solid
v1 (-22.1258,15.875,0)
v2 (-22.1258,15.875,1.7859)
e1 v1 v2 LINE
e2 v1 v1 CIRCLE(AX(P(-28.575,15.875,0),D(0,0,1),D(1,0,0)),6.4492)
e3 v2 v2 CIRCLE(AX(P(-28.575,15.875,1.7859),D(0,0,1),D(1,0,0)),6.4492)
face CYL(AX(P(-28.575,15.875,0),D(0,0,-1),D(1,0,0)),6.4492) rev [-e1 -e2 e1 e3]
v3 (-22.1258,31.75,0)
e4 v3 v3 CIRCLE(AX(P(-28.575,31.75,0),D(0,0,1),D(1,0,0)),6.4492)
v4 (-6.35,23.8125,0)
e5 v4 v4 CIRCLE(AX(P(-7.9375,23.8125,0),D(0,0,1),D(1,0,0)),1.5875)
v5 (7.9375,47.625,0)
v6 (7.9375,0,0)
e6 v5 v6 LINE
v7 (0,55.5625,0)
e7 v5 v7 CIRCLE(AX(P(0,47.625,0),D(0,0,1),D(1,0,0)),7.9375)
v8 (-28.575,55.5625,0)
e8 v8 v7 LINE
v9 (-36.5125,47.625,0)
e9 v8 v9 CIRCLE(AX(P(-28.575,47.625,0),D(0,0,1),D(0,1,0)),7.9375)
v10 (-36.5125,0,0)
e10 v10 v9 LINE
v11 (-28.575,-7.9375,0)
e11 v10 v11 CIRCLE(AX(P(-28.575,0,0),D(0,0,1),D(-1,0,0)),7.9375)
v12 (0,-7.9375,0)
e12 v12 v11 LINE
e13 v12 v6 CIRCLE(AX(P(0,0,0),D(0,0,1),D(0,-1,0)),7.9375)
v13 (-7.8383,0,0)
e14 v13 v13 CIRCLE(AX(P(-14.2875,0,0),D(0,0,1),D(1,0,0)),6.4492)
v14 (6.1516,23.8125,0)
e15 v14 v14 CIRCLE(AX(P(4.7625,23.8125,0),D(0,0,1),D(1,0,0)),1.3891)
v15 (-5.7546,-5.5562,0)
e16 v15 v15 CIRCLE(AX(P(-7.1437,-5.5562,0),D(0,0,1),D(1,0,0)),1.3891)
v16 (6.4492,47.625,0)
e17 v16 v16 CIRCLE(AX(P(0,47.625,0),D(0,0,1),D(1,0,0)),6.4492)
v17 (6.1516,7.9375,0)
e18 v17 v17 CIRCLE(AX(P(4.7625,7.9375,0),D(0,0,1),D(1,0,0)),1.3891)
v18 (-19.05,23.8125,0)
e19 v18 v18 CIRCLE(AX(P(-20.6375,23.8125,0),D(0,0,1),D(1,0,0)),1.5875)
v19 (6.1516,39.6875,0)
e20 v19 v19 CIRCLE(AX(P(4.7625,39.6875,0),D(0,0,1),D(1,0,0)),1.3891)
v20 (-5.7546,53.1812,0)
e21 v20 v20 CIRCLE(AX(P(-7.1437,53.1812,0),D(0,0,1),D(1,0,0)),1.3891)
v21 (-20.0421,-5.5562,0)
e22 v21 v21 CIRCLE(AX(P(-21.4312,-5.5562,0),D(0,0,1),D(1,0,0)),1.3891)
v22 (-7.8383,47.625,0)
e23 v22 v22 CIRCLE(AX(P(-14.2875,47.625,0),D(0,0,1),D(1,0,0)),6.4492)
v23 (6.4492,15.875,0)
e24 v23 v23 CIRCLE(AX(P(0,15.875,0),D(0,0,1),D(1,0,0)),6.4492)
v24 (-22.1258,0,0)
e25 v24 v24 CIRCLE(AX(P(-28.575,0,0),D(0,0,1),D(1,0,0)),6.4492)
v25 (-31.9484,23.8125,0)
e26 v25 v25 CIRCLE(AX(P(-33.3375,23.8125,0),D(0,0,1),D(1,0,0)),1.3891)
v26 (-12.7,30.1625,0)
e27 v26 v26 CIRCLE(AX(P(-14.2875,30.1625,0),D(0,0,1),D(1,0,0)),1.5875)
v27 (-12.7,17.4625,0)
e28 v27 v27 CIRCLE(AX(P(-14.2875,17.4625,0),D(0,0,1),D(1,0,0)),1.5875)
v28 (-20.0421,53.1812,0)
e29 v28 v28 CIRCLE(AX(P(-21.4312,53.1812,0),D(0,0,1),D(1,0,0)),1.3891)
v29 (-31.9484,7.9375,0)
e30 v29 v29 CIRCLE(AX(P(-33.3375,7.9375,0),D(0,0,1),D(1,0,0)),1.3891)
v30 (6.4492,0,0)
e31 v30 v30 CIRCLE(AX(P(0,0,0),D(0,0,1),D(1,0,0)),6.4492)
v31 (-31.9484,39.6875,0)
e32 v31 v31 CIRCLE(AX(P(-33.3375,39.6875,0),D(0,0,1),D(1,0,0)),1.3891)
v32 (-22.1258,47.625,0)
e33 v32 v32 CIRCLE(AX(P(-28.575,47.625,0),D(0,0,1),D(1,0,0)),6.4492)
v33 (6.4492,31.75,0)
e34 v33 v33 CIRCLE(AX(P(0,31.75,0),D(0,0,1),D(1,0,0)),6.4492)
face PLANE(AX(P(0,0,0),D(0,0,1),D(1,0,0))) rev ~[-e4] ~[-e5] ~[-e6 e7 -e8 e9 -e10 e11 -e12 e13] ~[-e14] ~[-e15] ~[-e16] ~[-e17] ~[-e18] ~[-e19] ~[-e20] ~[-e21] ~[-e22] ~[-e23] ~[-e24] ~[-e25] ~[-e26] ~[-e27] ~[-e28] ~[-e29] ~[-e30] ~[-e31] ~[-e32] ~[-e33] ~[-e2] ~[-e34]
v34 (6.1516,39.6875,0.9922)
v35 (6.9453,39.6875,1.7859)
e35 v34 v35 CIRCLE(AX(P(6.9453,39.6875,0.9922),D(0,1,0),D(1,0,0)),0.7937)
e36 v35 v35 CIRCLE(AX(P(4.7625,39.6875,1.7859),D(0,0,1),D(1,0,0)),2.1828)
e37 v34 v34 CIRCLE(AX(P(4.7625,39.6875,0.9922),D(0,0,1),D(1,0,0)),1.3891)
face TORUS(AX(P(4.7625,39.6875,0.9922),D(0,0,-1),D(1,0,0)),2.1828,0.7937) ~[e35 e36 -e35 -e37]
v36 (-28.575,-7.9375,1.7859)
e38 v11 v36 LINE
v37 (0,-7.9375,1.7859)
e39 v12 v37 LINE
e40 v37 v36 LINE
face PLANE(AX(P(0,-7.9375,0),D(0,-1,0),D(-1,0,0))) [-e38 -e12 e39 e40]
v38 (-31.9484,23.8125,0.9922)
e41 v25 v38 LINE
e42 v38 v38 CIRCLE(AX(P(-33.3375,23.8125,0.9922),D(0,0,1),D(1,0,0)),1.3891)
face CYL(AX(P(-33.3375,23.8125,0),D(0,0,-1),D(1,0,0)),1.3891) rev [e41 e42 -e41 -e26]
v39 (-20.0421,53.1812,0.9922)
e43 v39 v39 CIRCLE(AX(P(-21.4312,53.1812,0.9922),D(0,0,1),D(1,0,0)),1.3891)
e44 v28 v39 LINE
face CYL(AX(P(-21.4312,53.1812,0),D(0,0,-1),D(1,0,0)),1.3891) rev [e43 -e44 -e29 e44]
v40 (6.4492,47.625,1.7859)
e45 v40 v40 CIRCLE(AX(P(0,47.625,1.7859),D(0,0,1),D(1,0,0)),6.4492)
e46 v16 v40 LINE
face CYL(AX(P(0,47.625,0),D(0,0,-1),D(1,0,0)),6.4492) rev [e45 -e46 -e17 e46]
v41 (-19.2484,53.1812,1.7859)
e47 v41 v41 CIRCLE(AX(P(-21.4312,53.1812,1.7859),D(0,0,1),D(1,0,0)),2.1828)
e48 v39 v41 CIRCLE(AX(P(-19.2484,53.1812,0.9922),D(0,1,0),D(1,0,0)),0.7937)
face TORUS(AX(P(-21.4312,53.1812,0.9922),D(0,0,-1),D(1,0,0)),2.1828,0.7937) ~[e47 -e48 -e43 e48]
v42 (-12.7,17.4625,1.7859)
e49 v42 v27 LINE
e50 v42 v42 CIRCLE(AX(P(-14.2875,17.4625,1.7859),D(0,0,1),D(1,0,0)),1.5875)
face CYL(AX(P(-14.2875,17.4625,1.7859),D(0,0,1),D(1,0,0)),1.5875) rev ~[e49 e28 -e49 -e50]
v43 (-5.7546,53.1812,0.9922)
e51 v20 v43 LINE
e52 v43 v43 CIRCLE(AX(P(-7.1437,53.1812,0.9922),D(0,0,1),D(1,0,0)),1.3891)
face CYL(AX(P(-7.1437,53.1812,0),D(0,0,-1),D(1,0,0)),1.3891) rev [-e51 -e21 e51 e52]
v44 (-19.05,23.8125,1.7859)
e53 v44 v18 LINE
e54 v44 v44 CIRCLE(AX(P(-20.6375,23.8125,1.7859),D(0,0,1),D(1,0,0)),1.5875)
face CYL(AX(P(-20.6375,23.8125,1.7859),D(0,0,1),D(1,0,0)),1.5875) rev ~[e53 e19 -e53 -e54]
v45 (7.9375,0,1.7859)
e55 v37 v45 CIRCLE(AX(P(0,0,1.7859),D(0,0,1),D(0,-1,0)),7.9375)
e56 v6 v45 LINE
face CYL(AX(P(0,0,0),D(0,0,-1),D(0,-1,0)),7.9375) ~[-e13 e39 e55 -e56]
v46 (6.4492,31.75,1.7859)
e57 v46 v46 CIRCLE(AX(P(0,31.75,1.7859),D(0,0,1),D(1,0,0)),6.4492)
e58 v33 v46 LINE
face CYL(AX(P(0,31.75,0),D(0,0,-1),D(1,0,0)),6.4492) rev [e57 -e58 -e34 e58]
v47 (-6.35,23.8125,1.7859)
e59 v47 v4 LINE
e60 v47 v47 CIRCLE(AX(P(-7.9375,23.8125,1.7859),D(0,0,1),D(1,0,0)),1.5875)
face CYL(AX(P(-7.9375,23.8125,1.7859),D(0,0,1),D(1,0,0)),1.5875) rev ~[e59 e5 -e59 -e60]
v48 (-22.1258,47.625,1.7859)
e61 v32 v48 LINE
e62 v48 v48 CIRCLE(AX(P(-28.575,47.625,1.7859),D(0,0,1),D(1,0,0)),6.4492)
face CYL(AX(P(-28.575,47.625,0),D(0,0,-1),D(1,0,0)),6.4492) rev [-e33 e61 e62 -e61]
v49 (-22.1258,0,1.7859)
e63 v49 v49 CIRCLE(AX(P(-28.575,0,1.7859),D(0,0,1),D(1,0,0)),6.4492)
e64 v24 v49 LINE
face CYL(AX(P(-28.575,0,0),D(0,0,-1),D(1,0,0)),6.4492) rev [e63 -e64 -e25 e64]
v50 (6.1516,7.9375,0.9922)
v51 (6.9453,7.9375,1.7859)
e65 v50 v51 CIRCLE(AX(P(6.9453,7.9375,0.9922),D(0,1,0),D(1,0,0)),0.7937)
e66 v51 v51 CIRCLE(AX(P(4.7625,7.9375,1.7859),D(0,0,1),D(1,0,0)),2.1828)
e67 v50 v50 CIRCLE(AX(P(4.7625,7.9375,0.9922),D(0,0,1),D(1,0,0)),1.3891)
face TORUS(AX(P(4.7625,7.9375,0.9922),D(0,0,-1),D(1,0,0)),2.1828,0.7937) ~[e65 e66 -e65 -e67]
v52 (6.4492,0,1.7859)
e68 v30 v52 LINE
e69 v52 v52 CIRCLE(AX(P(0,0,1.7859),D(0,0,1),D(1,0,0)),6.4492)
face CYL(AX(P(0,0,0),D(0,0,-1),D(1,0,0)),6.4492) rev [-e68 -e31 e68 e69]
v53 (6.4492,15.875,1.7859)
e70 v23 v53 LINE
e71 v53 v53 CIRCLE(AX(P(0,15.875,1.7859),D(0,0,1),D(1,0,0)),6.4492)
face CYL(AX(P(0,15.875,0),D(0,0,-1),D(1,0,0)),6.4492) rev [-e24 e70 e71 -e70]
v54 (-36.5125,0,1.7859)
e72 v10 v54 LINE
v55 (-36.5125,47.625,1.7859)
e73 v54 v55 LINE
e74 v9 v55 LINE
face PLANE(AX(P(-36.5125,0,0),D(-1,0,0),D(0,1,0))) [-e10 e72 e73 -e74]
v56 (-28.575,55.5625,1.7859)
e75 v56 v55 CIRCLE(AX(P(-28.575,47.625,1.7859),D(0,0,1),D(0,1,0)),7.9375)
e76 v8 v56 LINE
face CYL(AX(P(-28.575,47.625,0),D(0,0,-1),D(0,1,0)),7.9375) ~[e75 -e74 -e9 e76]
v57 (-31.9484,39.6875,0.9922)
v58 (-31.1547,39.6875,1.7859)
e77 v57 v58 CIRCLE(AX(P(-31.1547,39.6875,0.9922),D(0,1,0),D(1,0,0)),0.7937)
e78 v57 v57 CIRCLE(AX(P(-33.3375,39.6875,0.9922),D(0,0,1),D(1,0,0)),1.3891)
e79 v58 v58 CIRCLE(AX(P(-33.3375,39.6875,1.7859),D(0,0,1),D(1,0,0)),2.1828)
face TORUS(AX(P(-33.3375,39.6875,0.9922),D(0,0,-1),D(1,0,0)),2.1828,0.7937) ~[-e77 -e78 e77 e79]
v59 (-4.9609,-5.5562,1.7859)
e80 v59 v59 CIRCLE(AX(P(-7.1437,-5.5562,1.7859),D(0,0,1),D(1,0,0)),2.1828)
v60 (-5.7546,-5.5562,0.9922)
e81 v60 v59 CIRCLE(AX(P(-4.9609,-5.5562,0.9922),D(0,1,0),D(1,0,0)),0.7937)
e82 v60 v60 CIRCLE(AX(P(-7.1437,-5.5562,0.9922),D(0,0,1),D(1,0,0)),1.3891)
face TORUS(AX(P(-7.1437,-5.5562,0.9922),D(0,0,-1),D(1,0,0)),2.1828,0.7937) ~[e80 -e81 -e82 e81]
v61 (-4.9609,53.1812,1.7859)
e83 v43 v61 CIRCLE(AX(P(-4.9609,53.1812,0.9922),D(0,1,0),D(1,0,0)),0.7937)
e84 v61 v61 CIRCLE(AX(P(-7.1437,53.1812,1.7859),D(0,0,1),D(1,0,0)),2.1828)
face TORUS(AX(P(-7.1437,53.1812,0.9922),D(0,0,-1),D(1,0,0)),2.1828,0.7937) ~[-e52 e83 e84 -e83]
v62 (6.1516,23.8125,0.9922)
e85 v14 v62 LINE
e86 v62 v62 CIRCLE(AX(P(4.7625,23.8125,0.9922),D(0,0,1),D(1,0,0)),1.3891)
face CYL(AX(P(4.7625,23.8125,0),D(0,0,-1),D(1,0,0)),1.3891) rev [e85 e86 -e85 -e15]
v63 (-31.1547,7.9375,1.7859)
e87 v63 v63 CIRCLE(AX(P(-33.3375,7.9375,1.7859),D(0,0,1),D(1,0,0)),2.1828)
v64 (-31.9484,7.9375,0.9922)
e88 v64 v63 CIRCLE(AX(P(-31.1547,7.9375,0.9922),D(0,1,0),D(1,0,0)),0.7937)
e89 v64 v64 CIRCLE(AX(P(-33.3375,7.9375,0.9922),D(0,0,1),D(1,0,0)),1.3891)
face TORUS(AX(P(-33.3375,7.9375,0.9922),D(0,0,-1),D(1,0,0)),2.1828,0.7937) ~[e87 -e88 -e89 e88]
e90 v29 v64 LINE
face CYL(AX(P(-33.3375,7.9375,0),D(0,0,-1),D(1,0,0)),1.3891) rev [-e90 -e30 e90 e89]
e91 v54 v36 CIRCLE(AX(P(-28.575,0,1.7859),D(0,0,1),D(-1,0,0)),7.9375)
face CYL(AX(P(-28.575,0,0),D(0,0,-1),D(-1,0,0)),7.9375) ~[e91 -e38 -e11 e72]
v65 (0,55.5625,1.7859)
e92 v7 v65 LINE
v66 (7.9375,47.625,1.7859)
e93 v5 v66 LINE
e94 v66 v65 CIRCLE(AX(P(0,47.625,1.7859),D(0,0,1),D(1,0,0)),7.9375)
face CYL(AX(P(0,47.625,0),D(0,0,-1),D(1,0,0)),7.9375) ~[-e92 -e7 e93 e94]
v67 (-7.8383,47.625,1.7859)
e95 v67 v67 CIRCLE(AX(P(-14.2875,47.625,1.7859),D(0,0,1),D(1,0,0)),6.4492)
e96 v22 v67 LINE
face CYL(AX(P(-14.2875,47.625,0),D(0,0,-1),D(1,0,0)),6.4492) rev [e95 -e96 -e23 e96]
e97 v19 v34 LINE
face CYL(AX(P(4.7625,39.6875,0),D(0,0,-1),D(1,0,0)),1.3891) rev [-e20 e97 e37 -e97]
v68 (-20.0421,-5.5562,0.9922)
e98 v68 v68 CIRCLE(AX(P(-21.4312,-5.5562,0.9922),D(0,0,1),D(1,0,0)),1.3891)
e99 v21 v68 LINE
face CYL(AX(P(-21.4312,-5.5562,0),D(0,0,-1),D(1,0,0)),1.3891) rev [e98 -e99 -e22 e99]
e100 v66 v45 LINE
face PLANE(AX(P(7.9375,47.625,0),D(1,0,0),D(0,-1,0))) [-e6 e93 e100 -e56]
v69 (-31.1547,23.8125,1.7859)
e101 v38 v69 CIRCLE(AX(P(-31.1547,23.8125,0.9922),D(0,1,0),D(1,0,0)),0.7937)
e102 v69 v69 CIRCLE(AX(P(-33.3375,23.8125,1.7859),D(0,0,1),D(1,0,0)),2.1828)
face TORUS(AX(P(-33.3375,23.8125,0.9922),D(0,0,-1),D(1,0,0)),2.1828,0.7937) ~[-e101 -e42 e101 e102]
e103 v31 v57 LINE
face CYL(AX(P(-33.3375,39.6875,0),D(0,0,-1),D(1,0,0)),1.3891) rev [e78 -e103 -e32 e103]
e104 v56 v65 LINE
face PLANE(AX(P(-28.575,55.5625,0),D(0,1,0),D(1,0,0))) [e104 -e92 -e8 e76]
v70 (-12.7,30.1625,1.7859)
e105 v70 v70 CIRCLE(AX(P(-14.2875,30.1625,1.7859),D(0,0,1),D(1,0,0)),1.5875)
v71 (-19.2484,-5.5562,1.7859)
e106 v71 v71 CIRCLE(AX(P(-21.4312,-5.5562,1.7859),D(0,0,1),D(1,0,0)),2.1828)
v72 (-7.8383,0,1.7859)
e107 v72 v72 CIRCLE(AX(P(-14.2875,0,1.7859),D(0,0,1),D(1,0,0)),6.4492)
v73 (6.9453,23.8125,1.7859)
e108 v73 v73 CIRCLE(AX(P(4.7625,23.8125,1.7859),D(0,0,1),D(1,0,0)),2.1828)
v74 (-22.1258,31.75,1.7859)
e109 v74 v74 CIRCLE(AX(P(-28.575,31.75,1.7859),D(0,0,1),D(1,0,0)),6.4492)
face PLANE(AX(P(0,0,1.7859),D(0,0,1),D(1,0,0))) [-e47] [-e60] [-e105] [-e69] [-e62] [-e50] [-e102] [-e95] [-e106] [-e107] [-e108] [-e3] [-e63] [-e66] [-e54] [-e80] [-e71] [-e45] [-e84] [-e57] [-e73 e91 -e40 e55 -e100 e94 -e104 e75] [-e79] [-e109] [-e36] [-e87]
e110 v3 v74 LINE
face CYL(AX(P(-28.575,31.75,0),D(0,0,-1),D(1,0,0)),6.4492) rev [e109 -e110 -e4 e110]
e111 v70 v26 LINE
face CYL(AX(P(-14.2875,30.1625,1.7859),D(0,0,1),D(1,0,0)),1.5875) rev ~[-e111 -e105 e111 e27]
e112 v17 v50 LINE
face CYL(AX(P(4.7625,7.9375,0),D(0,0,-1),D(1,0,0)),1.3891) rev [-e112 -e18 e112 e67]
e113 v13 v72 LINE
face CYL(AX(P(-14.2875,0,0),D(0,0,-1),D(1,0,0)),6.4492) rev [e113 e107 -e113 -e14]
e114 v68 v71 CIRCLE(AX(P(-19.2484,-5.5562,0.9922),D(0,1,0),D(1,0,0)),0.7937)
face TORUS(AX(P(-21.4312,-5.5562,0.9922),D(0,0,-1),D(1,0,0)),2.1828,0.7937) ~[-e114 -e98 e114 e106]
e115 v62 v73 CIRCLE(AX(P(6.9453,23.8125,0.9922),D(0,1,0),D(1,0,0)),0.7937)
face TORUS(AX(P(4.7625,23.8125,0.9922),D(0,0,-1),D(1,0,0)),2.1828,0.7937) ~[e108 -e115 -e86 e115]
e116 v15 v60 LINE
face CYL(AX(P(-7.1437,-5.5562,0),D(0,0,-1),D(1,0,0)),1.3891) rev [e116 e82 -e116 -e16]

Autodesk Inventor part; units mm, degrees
ref_plane "YZ Plane" through (0, 0, 0) normal (1, 0, 0) x (0, 1, 0)
ref_plane "XZ Plane" through (0, 0, 0) normal (0, 1, 0) x (-1, 0, 0)
ref_plane "XY Plane" through (0, 0, 0) normal (0, 0, 1) x (1, 0, 0)
sketch "Sketch27" plane through (0, 0, 0) normal (0, 0, 1) x (1, 0, 0)
  line L0 (0, -7.9375) -> (-28.575, -7.9375)
  line L1 (-36.5125, 0) -> (-36.5125, 47.625)
  line L2 (-28.575, 55.5625) -> (0, 55.5625)
  line L3 (7.9375, 47.625) -> (7.9375, 0)
  circle A0 centre (-28.575, 47.625) radius 6.4492
  circle A1 centre (-28.575, 31.75) radius 6.4492
  circle A2 centre (-28.575, 15.875) radius 6.4492
  circle A3 centre (-28.575, 0) radius 6.4492
  circle A4 centre (-14.2875, 0) radius 6.4492
  circle A5 centre (-14.2875, 47.625) radius 6.4492
  circle A6 centre (0, 47.625) radius 6.4492
  circle A7 centre (0, 31.75) radius 6.4492
  circle A8 centre (0, 15.875) radius 6.4492
  circle A9 centre (0, 0) radius 6.4492
  arc A10 (-28.575, 55.5625) -> (-36.5125, 47.625) centre (-28.575, 47.625) ccw
  arc A11 (7.9375, 47.625) -> (0, 55.5625) centre (0, 47.625) ccw
  arc A12 (-36.5125, 0) -> (-28.575, -7.9375) centre (-28.575, 0) ccw
  arc A13 (0, -7.9375) -> (7.9375, 0) centre (0, 0) ccw
  circle A14 centre (-33.3375, 39.6875) radius 1.3891
  circle A15 centre (-33.3375, 23.8125) radius 1.3891
  circle A16 centre (-33.3375, 7.9375) radius 1.3891
  circle A17 centre (4.7625, 39.6875) radius 1.3891
  circle A18 centre (4.7625, 23.8125) radius 1.3891
  circle A19 centre (4.7625, 7.9375) radius 1.3891
  circle A20 centre (-21.4312, 53.1812) radius 1.3891
  circle A21 centre (-7.1437, 53.1812) radius 1.3891
  circle A22 centre (-21.4312, -5.5562) radius 1.3891
  circle A23 centre (-7.1437, -5.5562) radius 1.3891
  dimension "d126" = 12.8984
  dimension "d127" = 12.8984
  dimension "d128" = 12.8984
  dimension "d129" = 12.8984
  dimension "d130" = 12.8984
  dimension "d131" = 12.8984
  dimension "d132" = 12.8984
  dimension "d133" = 12.8984
  dimension "d134" = 12.8984
  dimension "d135" = 12.8984
  dimension "d136" = 7.9375
  dimension "d137" = 14.2875
  dimension "d138" = 14.2875
  dimension "d139" = 7.9375
  dimension "d140" = 7.9375
  dimension "d141" = 15.875
  dimension "d142" = 15.875
  dimension "d145" = 44.45
  dimension "d146" = 63.5
  dimension "d149" = 2.7781
  dimension "d150" = 2.7781
  dimension "d151" = 2.7781
  dimension "d152" = 2.7781
  dimension "d153" = 2.7781
  dimension "d154" = 2.7781
  dimension "d155" = 3.175
  dimension "d156" = 3.175
  dimension "d157" = 15.875
  dimension "d158" = 15.875
  dimension "d159" = 15.875
  dimension "d162" = 2.7781
  dimension "d163" = 2.7781
  dimension "d164" = 2.7781
  dimension "d165" = 2.7781
  dimension "d166" = 2.3813
  dimension "d169" = 2.3813
  dimension "d170" = 7.1437
  dimension "d171" = 7.1437
extrude "Extrusion26" add sketch "Sketch27" along normal blind 1.7859
fillet "Fillet1" radius 0.7937 10 edges at (-34.7266, 39.6875, 1.7859) (-34.7266, 23.8125, 1.7859) (-34.7266, 7.9375, 1.7859) (-22.8203, -5.5562, 1.7859) (-8.5328, -5.5562, 1.7859) (3.3734, 7.9375, 1.7859) (3.3734, 23.8125, 1.7859) (3.3734, 39.6875, 1.7859) (-8.5328, 53.1812, 1.7859) (-22.8203, 53.1812, 1.7859)
sketch "Sketch28" plane through (0, 0, 1.7859) normal (0, 0, 1) x (1, 0, 0)
  circle A0 centre (-14.2875, 30.1625) radius 1.5875
  circle A1 centre (-14.2875, 17.4625) radius 1.5875
  circle A2 centre (-7.9375, 23.8125) radius 1.5875
  circle A3 centre (-20.6375, 23.8125) radius 1.5875
  line L0 (7.9375, 0) -> (7.9375, 47.625) projected
  line L1 (-28.575, -7.9375) -> (0, -7.9375) projected
  point P0 (0, 0)
  dimension "d188" = 3.175
  dimension "d189" = 12.7
  dimension "d190" = 12.7
  dimension "d191" = 6.35
  dimension "d192" = 6.35
  dimension "d195" = 22.225
  dimension "d196" = 31.75
extrude "Extrusion27" cut sketch "Sketch28" against normal through all
equation "\"d127\" = d126"
equation "\"d128\" = d126"
equation "\"d129\" = d126"
equation "\"d130\" = d126"
equation "\"d131\" = d126"
equation "\"d132\" = d126"
equation "\"d133\" = d126"
equation "\"d134\" = d126"
equation "\"d135\" = d126"
equation "\"d138\" = d137"
equation "\"d139\" = d136"
equation "\"d140\" = d136"
equation "\"d142\" = d141"
equation "\"d150\" = d149"
equation "\"d151\" = d149"
equation "\"d152\" = d149"
equation "\"d153\" = d149"
equation "\"d154\" = d149"
equation "\"d158\" = d157"
equation "\"d159\" = d157"
equation "\"d162\" = d149"
equation "\"d163\" = d149"
equation "\"d164\" = d149"
equation "\"d165\" = d149"
equation "\"d170\" = 0.5 * d137"
equation "\"d171\" = d170"
equation "\"d191\" = 0.5 * d190"
equation "\"d192\" = 0.5 * d189"
properties part number "magnetic-mesh"
